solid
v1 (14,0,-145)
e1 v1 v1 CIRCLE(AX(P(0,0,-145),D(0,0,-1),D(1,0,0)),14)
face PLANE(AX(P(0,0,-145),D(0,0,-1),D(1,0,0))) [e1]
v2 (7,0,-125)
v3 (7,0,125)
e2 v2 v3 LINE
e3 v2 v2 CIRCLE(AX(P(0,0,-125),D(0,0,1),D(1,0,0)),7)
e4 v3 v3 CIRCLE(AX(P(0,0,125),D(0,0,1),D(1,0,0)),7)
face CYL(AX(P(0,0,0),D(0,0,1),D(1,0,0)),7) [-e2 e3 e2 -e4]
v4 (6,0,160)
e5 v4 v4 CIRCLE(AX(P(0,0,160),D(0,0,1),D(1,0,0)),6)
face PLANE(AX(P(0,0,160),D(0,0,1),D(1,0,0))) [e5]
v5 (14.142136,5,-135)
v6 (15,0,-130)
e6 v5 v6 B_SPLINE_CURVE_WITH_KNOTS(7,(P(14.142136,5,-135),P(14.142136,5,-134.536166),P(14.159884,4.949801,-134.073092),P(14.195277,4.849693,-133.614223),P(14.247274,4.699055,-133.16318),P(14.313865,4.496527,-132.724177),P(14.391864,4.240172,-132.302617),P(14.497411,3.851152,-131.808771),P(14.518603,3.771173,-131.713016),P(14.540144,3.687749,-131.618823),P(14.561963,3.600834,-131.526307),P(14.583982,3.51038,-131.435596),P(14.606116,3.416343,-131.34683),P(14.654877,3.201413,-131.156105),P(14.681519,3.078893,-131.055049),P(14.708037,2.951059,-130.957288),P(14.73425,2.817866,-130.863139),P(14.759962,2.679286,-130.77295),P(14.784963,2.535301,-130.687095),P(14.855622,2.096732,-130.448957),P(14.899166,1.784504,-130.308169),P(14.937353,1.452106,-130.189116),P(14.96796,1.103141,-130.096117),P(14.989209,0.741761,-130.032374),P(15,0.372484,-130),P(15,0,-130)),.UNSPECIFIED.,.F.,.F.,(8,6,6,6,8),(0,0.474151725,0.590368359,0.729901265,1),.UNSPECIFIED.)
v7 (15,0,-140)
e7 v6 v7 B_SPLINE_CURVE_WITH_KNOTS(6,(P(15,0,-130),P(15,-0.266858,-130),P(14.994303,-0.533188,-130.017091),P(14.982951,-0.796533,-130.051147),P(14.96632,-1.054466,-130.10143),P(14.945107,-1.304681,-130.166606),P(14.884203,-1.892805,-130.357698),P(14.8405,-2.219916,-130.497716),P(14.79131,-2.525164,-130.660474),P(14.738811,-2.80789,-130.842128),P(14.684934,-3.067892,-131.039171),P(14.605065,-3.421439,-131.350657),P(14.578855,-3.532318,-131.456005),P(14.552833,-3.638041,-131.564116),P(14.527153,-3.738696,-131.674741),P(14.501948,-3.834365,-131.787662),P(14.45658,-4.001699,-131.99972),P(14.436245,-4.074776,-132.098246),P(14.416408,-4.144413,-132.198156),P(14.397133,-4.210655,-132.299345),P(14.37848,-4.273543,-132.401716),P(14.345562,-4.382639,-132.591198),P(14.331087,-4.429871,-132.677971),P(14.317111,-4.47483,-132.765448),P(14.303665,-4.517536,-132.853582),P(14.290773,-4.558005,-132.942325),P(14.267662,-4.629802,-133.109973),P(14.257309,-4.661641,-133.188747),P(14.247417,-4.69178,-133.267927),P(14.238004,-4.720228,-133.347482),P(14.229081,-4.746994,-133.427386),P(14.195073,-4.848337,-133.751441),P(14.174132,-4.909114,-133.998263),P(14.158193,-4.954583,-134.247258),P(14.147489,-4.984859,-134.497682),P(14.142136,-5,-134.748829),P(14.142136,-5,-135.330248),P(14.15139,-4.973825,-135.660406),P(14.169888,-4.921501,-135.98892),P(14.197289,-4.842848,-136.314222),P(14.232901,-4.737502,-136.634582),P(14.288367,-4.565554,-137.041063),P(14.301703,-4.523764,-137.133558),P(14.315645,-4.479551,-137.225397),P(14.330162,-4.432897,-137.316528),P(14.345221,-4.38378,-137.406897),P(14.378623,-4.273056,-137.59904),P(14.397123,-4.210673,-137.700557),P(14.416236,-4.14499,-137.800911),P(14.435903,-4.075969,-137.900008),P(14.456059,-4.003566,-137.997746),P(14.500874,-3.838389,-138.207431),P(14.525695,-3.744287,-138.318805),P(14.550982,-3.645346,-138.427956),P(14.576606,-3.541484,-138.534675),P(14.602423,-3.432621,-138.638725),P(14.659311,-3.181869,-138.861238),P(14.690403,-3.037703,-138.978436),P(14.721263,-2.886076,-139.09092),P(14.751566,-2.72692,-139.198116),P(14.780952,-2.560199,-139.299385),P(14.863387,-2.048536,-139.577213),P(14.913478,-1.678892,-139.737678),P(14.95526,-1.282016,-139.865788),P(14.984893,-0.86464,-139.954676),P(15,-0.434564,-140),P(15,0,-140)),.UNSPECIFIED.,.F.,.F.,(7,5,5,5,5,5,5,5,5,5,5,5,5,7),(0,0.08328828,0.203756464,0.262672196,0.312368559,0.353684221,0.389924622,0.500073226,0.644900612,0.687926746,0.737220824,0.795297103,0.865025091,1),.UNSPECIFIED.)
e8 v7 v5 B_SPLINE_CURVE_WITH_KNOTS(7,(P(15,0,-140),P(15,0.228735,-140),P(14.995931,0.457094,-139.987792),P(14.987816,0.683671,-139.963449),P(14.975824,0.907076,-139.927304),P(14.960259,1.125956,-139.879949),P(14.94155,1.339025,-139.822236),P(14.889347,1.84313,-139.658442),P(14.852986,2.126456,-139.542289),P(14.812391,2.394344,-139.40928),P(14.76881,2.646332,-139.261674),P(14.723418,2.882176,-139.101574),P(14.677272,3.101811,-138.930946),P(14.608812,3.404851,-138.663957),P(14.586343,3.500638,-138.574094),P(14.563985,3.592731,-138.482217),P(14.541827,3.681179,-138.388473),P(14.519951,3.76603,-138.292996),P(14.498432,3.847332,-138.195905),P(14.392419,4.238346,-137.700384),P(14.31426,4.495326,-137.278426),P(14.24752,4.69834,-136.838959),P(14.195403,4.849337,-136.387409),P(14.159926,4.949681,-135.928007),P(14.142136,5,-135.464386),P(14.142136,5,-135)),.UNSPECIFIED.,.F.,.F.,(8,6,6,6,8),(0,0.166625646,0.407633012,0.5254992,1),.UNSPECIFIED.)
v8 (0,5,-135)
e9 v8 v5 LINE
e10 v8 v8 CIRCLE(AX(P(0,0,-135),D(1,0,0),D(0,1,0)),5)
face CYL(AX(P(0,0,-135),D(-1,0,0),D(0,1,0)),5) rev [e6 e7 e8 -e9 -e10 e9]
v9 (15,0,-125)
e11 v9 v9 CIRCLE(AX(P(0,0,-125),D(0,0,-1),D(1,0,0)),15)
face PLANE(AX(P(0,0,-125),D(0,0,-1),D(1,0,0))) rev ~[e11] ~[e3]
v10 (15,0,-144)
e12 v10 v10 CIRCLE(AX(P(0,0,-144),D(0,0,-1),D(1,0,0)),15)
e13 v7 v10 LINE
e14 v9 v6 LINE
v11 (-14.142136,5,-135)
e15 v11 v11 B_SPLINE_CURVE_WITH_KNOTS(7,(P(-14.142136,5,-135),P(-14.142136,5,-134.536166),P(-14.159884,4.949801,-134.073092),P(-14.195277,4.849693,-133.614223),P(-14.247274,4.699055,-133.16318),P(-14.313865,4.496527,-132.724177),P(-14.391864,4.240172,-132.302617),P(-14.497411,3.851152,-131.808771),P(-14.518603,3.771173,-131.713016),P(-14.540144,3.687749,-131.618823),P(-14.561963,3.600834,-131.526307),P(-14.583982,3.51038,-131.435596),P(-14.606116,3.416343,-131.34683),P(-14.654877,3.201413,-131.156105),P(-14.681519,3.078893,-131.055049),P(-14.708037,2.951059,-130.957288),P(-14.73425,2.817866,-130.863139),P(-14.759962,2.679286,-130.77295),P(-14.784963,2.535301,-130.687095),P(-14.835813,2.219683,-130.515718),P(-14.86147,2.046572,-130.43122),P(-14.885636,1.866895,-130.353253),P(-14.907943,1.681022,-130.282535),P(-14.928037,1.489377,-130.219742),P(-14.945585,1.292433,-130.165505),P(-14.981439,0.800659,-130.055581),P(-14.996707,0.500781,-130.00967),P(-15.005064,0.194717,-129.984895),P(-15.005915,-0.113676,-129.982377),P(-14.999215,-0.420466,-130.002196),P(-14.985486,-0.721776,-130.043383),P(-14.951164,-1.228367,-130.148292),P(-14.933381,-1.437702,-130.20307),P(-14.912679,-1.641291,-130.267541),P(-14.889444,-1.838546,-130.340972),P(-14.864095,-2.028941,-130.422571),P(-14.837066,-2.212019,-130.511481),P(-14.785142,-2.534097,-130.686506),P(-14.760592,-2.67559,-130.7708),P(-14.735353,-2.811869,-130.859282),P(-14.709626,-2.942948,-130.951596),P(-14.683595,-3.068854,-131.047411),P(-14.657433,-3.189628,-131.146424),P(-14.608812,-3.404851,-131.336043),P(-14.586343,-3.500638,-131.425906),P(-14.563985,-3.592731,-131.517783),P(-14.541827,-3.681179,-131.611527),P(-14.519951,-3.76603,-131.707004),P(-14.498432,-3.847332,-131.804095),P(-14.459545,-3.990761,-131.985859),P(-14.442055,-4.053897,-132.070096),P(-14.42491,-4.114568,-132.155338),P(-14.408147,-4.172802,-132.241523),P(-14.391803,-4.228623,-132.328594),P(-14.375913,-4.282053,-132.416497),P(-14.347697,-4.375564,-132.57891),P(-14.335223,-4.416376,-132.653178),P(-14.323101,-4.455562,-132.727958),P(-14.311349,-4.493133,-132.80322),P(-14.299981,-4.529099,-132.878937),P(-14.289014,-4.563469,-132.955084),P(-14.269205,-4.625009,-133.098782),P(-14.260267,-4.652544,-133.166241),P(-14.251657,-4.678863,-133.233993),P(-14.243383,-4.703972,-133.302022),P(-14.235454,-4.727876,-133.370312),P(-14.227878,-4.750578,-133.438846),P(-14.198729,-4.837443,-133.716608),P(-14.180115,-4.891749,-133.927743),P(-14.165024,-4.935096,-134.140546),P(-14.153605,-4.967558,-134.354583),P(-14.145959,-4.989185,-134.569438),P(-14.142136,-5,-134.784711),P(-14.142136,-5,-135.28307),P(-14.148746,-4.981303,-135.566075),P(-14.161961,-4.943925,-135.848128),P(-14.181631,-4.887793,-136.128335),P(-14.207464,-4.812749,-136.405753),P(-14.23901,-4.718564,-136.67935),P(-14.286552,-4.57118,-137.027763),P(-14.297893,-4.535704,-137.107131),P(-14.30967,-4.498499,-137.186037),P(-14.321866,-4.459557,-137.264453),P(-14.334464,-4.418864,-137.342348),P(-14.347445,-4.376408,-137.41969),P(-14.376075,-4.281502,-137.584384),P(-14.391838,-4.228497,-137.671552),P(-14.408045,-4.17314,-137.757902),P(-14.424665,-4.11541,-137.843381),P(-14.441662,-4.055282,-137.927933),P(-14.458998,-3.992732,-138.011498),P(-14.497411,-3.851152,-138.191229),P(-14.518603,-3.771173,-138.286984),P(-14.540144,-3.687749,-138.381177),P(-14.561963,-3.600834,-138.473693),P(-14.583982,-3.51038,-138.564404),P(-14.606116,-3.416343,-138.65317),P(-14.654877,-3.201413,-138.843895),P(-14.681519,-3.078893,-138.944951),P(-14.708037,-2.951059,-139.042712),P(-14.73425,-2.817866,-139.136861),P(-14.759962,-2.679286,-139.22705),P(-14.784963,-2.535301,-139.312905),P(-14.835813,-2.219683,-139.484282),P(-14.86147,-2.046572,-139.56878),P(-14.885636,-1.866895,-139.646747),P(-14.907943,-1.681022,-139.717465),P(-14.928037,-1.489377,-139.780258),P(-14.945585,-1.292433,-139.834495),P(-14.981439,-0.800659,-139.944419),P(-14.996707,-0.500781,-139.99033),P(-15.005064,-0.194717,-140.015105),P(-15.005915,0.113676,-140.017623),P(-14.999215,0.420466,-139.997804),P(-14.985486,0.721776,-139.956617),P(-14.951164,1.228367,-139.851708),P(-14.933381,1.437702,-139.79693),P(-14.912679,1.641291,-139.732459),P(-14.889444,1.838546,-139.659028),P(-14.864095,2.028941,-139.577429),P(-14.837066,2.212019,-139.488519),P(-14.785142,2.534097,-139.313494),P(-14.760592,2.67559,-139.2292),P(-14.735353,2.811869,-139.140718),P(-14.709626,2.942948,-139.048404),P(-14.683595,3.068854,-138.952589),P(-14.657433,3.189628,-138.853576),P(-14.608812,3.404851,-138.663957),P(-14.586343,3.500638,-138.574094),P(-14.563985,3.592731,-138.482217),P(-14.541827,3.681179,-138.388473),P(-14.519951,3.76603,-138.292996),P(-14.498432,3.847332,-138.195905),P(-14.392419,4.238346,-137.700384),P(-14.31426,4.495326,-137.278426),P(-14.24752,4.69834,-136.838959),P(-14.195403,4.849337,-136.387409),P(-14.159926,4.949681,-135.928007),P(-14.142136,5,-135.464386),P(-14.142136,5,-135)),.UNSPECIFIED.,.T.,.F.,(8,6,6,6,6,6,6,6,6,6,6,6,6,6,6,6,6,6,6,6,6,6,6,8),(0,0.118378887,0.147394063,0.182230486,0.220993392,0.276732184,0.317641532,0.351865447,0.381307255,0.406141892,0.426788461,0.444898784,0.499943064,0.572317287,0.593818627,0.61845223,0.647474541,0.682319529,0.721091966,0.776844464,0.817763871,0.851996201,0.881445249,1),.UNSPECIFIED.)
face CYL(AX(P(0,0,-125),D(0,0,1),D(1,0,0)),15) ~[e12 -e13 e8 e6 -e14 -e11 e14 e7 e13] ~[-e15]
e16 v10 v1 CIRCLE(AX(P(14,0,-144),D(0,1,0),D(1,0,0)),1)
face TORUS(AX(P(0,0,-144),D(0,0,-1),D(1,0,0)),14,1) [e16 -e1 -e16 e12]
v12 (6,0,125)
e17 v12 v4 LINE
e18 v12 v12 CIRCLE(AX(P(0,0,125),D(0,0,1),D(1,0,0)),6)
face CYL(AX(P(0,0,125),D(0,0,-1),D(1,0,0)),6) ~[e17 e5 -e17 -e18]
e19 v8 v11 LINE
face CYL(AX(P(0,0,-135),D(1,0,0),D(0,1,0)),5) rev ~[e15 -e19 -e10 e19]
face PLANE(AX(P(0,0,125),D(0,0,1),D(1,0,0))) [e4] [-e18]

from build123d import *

# Parameters (mm, degrees)
F0_R          = 7
F1_DEPTH      = 125
F2_R          = 6
F3_DEPTH      = 35
F4_R          = 15
F5_DEPTH      = 20
F6_R          = 5
F7_DEPTH      = 15.001
F7_DEPTH_BACK = 25
F8_R          = 1


with BuildPart() as f1:
    # F0 (on Top) → F1 (new body, symmetric)
    with BuildSketch(Plane.XY):
        Circle(F0_R)
    extrude(amount=F1_DEPTH, both=True)

    # F2 (on face) → F3 (join)
    with BuildSketch(Plane.XY.offset(125)):
        Circle(F2_R)
    extrude(amount=F3_DEPTH)

    # F4 (on face) → F5 (join)
    with BuildSketch(Plane(origin=(0, 0, -125), x_dir=(1, 0, 0), z_dir=(0, 0, -1))):
        Circle(F4_R)
    extrude(amount=F5_DEPTH)

    # F6 (on Right) → F7 (cut, two sides)
    with BuildSketch(Plane.YZ) as f7_sk:
        with Locations((0, -135)):
            Circle(F6_R)
    extrude(amount=-F7_DEPTH, mode=Mode.SUBTRACT)
    extrude(f7_sk.sketch, amount=F7_DEPTH_BACK, mode=Mode.SUBTRACT)

    # F8
    f8_edges = [f1.edges().sort_by_distance(p)[0] for p in [
        (-15, 0, -145),
    ]]
    fillet(f8_edges, radius=F8_R)


solid = f1.part
